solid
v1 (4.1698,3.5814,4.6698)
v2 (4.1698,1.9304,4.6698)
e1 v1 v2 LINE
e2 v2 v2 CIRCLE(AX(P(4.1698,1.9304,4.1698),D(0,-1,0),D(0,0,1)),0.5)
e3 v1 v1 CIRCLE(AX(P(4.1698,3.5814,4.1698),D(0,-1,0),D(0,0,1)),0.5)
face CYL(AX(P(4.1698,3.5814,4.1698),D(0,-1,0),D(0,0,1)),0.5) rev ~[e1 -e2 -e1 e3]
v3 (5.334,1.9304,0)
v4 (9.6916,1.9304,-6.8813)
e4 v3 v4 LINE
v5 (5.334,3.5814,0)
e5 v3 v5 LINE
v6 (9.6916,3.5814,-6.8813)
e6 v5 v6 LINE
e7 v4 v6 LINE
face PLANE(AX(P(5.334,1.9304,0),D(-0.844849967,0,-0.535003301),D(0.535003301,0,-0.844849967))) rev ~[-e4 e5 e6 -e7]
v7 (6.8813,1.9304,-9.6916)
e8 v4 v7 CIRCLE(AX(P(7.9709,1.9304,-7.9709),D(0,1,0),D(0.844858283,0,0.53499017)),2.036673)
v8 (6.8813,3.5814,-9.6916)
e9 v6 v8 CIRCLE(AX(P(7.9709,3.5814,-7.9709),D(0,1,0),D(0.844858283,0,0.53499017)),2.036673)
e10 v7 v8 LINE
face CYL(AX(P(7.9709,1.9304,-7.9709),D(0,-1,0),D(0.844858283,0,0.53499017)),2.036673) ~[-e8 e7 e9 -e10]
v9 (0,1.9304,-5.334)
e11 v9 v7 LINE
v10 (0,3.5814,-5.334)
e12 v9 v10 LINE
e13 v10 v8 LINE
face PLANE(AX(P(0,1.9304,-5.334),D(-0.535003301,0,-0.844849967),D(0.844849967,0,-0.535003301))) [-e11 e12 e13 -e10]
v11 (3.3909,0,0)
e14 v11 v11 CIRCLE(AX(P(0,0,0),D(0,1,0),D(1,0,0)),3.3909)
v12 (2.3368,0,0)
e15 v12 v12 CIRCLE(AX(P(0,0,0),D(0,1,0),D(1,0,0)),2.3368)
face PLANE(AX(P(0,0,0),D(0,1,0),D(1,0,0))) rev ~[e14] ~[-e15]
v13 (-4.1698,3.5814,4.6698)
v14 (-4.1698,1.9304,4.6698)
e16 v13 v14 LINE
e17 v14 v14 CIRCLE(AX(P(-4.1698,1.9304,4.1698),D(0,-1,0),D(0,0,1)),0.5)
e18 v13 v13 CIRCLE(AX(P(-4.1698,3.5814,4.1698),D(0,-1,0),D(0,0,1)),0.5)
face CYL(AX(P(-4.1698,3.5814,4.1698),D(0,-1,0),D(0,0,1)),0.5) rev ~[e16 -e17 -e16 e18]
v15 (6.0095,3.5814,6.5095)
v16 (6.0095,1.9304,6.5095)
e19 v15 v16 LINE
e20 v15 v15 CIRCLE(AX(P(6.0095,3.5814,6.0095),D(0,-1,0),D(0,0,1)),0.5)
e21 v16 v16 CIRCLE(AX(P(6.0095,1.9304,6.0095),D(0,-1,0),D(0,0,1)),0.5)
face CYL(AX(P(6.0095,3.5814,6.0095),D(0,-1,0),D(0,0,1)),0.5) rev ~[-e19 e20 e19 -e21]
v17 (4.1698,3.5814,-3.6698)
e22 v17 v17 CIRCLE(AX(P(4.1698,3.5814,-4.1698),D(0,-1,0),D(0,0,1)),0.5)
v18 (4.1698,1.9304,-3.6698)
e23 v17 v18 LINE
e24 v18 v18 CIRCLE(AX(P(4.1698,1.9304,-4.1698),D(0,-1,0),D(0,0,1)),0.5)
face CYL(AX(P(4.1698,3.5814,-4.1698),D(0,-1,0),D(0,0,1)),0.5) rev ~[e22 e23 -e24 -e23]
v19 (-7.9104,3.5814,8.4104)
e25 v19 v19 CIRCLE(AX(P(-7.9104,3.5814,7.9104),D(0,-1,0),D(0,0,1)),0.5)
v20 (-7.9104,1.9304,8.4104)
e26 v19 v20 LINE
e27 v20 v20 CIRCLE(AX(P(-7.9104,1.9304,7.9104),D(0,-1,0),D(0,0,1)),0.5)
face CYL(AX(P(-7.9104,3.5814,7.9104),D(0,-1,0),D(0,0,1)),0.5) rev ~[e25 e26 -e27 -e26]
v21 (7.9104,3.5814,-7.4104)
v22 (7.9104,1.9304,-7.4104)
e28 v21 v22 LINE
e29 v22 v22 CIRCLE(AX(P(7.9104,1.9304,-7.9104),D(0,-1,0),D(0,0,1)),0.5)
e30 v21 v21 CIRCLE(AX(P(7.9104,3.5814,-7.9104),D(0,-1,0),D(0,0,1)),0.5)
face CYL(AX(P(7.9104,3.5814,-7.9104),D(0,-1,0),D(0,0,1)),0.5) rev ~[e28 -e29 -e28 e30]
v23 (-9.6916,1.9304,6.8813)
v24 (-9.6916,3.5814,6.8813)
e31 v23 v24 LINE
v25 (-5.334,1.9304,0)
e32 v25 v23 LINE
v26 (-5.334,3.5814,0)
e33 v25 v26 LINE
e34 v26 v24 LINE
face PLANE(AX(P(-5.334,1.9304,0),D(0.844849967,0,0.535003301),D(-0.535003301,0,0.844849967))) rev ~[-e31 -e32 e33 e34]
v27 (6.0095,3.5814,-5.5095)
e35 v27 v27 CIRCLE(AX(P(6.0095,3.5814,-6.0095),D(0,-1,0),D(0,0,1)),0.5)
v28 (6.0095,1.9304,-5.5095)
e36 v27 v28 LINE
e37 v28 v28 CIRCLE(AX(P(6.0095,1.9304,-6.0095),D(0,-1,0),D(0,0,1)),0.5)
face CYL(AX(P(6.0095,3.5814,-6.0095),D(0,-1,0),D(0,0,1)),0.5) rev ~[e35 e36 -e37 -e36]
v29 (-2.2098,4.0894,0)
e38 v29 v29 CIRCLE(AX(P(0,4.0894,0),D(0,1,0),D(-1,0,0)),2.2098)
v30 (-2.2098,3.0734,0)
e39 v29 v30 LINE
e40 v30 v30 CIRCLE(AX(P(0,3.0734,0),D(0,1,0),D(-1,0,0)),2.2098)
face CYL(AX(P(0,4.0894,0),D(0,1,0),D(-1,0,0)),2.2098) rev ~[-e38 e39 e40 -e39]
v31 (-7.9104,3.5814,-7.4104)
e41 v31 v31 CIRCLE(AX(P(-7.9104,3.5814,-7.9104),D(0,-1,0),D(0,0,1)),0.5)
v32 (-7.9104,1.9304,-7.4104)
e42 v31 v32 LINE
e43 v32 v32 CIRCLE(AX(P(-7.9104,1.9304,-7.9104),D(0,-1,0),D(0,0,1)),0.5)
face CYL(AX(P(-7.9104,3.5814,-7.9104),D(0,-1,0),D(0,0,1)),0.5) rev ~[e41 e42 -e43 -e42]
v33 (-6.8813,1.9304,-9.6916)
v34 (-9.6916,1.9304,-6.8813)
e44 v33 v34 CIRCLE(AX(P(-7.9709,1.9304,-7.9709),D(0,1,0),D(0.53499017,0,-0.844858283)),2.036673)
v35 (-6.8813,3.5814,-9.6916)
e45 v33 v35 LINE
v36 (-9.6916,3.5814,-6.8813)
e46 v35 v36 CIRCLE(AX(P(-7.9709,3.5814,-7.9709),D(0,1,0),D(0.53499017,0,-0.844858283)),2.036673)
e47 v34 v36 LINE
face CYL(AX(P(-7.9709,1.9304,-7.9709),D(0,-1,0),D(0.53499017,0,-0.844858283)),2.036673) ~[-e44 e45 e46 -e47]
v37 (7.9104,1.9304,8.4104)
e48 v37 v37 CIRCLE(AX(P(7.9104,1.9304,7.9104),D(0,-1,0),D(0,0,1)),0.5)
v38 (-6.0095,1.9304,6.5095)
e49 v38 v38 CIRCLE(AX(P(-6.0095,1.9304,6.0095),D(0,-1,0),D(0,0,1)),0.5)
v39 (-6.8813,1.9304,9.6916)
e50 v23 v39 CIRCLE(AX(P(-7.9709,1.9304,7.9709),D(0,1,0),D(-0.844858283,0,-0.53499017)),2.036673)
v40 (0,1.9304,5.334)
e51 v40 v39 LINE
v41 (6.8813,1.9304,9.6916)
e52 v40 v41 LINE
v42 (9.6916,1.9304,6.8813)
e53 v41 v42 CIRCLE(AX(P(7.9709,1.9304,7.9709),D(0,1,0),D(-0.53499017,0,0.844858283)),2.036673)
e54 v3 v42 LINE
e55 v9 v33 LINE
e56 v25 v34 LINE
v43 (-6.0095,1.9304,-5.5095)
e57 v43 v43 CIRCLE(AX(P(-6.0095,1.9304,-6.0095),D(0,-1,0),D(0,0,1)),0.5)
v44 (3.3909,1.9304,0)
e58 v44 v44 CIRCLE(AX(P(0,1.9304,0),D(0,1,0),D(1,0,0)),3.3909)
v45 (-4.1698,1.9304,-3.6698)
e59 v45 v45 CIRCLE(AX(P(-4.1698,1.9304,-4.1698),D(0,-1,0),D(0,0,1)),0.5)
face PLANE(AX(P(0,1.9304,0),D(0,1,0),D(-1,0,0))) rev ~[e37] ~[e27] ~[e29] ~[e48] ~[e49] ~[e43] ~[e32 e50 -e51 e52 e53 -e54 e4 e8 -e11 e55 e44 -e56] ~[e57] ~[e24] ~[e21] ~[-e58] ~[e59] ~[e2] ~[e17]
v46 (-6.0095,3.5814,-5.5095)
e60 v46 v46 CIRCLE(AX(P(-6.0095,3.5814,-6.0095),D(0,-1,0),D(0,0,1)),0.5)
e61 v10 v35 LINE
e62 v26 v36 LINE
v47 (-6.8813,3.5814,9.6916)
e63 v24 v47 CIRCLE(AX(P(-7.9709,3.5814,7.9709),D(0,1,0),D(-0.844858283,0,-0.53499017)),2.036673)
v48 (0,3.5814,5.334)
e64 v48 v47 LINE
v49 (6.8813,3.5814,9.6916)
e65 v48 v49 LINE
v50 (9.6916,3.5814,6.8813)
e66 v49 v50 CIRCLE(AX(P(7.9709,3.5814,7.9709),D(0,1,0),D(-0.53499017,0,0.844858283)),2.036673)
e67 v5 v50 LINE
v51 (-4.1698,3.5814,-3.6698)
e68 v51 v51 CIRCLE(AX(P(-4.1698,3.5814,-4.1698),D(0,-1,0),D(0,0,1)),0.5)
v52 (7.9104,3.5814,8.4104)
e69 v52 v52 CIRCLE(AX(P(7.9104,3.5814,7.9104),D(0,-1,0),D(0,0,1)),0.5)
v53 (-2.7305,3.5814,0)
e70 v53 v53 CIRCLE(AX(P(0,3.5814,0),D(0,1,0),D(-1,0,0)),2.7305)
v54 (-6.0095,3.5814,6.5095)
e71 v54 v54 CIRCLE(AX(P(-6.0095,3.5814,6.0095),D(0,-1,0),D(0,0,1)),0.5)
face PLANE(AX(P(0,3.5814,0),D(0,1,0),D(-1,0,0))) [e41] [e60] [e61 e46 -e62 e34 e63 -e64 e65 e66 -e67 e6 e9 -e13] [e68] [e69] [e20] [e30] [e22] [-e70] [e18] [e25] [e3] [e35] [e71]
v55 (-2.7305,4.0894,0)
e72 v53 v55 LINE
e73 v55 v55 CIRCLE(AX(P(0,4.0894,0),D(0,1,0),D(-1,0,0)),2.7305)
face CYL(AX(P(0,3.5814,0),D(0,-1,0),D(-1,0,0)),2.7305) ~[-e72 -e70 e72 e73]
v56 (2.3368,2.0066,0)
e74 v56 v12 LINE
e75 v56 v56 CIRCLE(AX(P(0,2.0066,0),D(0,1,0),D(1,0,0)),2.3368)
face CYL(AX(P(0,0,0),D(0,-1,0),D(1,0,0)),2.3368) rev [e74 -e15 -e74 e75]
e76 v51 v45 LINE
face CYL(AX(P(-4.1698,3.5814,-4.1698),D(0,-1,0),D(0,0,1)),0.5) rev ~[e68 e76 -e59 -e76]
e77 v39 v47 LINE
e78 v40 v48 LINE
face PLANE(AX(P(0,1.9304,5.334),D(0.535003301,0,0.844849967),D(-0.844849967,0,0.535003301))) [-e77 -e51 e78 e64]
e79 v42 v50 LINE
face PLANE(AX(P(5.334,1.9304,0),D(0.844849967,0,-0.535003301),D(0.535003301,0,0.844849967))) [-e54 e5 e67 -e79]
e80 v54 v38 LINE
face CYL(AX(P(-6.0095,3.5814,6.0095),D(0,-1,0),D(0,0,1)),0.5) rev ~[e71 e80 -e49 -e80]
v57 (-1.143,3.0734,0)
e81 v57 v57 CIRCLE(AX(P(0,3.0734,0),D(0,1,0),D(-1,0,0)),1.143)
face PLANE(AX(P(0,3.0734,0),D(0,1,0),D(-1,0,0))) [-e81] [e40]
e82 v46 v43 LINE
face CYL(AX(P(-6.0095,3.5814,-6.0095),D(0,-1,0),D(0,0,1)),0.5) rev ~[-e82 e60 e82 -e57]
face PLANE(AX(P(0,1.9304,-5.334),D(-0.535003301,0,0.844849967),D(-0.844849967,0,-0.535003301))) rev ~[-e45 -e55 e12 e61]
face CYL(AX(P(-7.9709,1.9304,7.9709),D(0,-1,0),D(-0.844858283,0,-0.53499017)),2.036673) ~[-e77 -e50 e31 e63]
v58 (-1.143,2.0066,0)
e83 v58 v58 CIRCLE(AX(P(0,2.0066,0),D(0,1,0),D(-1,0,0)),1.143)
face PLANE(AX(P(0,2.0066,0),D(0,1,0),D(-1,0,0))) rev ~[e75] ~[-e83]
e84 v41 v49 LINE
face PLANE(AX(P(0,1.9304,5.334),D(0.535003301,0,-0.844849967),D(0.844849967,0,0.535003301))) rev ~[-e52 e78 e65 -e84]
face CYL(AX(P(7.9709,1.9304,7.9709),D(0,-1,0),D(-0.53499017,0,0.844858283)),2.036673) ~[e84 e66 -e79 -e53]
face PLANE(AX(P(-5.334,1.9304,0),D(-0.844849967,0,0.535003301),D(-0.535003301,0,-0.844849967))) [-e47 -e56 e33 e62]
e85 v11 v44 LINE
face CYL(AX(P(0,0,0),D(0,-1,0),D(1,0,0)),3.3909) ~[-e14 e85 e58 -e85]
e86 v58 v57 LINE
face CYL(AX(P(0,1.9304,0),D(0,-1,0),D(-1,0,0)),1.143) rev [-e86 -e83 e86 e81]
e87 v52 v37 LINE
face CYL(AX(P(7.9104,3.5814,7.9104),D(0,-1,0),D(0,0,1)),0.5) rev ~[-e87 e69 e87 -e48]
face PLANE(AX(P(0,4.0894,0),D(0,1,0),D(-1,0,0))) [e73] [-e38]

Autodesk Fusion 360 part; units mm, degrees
sketch "Sketch1" plane through (0, 0, 0) normal (0, 1, 0) x (1, 0, 0)
  circle A0 centre (0, 0) radius 3.3909
  circle A1 centre (0, 0) radius 2.3368
  dimension "d1" = 6.7818
  dimension "d2" = 4.6736
extrude "Extrude1" add sketch "Sketch1" along normal blind 1.9304
sketch "Sketch2" plane through (0, 1.9304, 0) normal (0, 1, 0) x (-1, 0, 0)
  circle A0 centre (0, 0) radius 2.3368
  circle A1 centre (0, 0) radius 3.3909
  line L0 (-10.0076, 10.0076) -> (10.0076, 10.0076) construction
  line L1 (10.0076, 10.0076) -> (10.0076, -10.0076) construction
  line L2 (10.0076, -10.0076) -> (-10.0076, -10.0076) construction
  line L3 (-10.0076, -10.0076) -> (-10.0076, 10.0076) construction
  line L4 (-10.0076, 10.0076) -> (10.0076, -10.0076) construction
  line L5 (10.0076, 10.0076) -> (-10.0076, -10.0076) construction
  circle A2 centre (7.9709, -7.9709) radius 2.0367 construction
  circle A3 centre (-7.9709, -7.9709) radius 2.0367 construction
  circle A4 centre (-7.9709, 7.9709) radius 2.0367 construction
  circle A5 centre (7.9709, 7.9709) radius 2.0367 construction
  circle A6 centre (0, 0) radius 5.334 construction
  circle A7 centre (7.9709, -7.9709) radius 0.5
  circle A8 centre (-7.9709, -7.9709) radius 0.5
  circle A9 centre (7.9709, 7.9709) radius 0.5
  circle A10 centre (-7.9709, 7.9709) radius 0.5
  line L6 (8.4709, -7.9709) -> (-8.4709, -7.9709) construction
  line L7 (0, -5.334) -> (0, 5.334) construction
  line L8 (5.334, 0) -> (-5.334, 0) construction
  line L9 (9.4111, -6.5307) -> (6.5307, -9.4111) construction
  line L10 (-6.5307, -9.4111) -> (-9.4111, -6.5307) construction
  line L11 (-9.4111, 6.5307) -> (-6.5307, 9.4111) construction
  line L12 (9.4111, 6.5307) -> (6.5307, 9.4111) construction
  line L13 (5.334, 0) -> (9.6916, -6.8813)
  line L14 (5.334, 0) -> (9.6916, 6.8813)
  line L15 (0, 5.334) -> (6.8813, 9.6916)
  line L16 (0, 5.334) -> (-6.8813, 9.6916)
  line L17 (-5.334, 0) -> (-9.6916, 6.8813)
  line L18 (-5.334, 0) -> (-9.6916, -6.8813)
  line L19 (0, -5.334) -> (-6.8813, -9.6916)
  line L20 (0, -5.334) -> (6.8813, -9.6916)
  arc A11 (6.8813, -9.6916) -> (9.6916, -6.8813) centre (7.9709, -7.9709) ccw
  arc A12 (-9.6916, -6.8813) -> (-6.8813, -9.6916) centre (-7.9709, -7.9709) ccw
  arc A13 (-6.8813, 9.6916) -> (-9.6916, 6.8813) centre (-7.9709, 7.9709) ccw
  arc A14 (9.6916, 6.8813) -> (6.8813, 9.6916) centre (7.9709, 7.9709) ccw
  circle A15 centre (0, 0) radius 1.143
  dimension "d5" = 20.0152
  dimension "d6" = 20.0152
  dimension "d7" = 10.668
  dimension "d8" = 1
  dimension "d9" = 16.9418
  dimension "d10" = 2.286
extrude "Extrude2" add sketch "Sketch2" along normal blind 1.651 contours A0 | A1 | A7 | A8 | A9 | A10 | L13 L14 L15 L16 L17 L18 L19 L20 A11 A12 A13 A14
sketch "Sketch3" plane through (0, 3.5814, 0) normal (0, 1, 0) x (-1, 0, 0)
  circle A0 centre (0, 0) radius 1.143
  line L0 (5.334, 0) -> (9.6916, 6.8813)
  arc A1 (9.6916, 6.8813) -> (6.8813, 9.6916) centre (7.9709, 7.9709) ccw
  line L1 (6.8813, 9.6916) -> (0, 5.334)
  line L2 (0, 5.334) -> (-6.8813, 9.6916)
  arc A2 (-6.8813, 9.6916) -> (-9.6916, 6.8813) centre (-7.9709, 7.9709) ccw
  line L3 (-9.6916, 6.8813) -> (-5.334, 0)
  line L4 (-5.334, 0) -> (-9.6916, -6.8813)
  arc A3 (-9.6916, -6.8813) -> (-6.8813, -9.6916) centre (-7.9709, -7.9709) ccw
  line L5 (-6.8813, -9.6916) -> (0, -5.334)
  line L6 (0, -5.334) -> (6.8813, -9.6916)
  arc A4 (6.8813, -9.6916) -> (9.6916, -6.8813) centre (7.9709, -7.9709) ccw
  line L7 (9.6916, -6.8813) -> (5.334, 0)
  line L8 (-10.0076, 10.0076) -> (10.0076, 10.0076) construction
  line L9 (10.0076, 10.0076) -> (10.0076, -10.0076) construction
  line L10 (10.0076, -10.0076) -> (-10.0076, -10.0076) construction
  line L11 (-10.0076, -10.0076) -> (-10.0076, 10.0076) construction
  line L12 (-10.0076, 10.0076) -> (10.0076, -10.0076) construction
  line L13 (10.0076, 10.0076) -> (-10.0076, -10.0076) construction
  line L14 (8.2888, -8.2888) -> (-8.2888, 8.2888) construction
  line L15 (-8.2888, -8.2888) -> (8.2888, 8.2888) construction
  line L16 (-8.4455, 8.4455) -> (8.4455, 8.4455) construction
  line L17 (8.4455, 8.4455) -> (8.4455, -8.4455) construction
  line L18 (8.4455, -8.4455) -> (-8.4455, -8.4455) construction
  line L19 (-8.4455, -8.4455) -> (-8.4455, 8.4455) construction
  line L20 (-8.4455, 8.4455) -> (8.4455, -8.4455) construction
  line L21 (8.4455, 8.4455) -> (-8.4455, -8.4455) construction
  circle A5 centre (7.9104, -7.9104) radius 0.5351
  circle A6 centre (-7.9104, -7.9104) radius 0.5351
  circle A7 centre (-7.9104, 7.9104) radius 0.5351
  circle A8 centre (7.9104, 7.9104) radius 0.5351
  line L22 (-6.376, 6.376) -> (6.376, 6.376) construction
  line L23 (6.376, 6.376) -> (6.376, -6.376) construction
  line L24 (6.376, -6.376) -> (-6.376, -6.376) construction
  line L25 (-6.376, -6.376) -> (-6.376, 6.376) construction
  line L26 (-6.376, 6.376) -> (6.376, -6.376) construction
  line L27 (6.376, 6.376) -> (-6.376, -6.376) construction
  line L28 (-6.5278, 6.5278) -> (6.5278, 6.5278) construction
  line L29 (6.5278, 6.5278) -> (6.5278, -6.5278) construction
  line L30 (6.5278, -6.5278) -> (-6.5278, -6.5278) construction
  line L31 (-6.5278, -6.5278) -> (-6.5278, 6.5278) construction
  line L32 (-6.5278, 6.5278) -> (6.5278, -6.5278) construction
  line L33 (6.5278, 6.5278) -> (-6.5278, -6.5278) construction
  circle A9 centre (6.0095, -6.0095) radius 0.5183
  circle A10 centre (-6.0095, -6.0095) radius 0.5183
  circle A11 centre (-6.0095, 6.0095) radius 0.5183
  circle A12 centre (6.0095, 6.0095) radius 0.5183
  line L34 (-4.826, -4.826) -> (4.826, -4.826) construction
  line L35 (4.826, -4.826) -> (4.826, 4.826) construction
  line L36 (4.826, 4.826) -> (-4.826, 4.826) construction
  line L37 (-4.826, 4.826) -> (-4.826, -4.826) construction
  line L38 (-4.826, -4.826) -> (4.826, 4.826) construction
  line L39 (4.826, -4.826) -> (-4.826, 4.826) construction
  line L40 (-4.6338, -4.6338) -> (4.6338, -4.6338) construction
  line L41 (4.6338, -4.6338) -> (4.6338, 4.6338) construction
  line L42 (4.6338, 4.6338) -> (-4.6338, 4.6338) construction
  line L43 (-4.6338, 4.6338) -> (-4.6338, -4.6338) construction
  line L44 (-4.6338, -4.6338) -> (4.6338, 4.6338) construction
  line L45 (4.6338, -4.6338) -> (-4.6338, 4.6338) construction
  circle A13 centre (4.1698, -4.1698) radius 0.6562
  circle A14 centre (-4.1698, -4.1698) radius 0.6562
  circle A15 centre (-4.1698, 4.1698) radius 0.6562
  circle A16 centre (4.1698, 4.1698) radius 0.6562
  dimension "d13" = 23.4442
  dimension "d14" = 16.891
  dimension "d15" = 16.891
  dimension "d16" = 18.034
  dimension "d17" = 13.0556
  dimension "d18" = 13.1064
  dimension "d19" = 9.652
hole "Hole1" at (-7.9104, 3.5814, -7.9104) at (-6.0095, 3.5814, -6.0095) at (-4.1698, 3.5814, -4.1698) at (-7.9104, 3.5814, 7.9104) at (-6.0095, 3.5814, 6.0095) at (-4.1698, 3.5814, 4.1698) at (7.9104, 3.5814, 7.9104) at (6.0095, 3.5814, 6.0095) at (4.1698, 3.5814, 4.1698) at (7.9104, 3.5814, -7.9104) at (6.0095, 3.5814, -6.0095) at (4.1698, 3.5814, -4.1698) direction (0, -1, 0) diameter 1 end through all
sketch "Sketch4" plane through (0, 3.5814, 0) normal (0, 1, 0) x (-1, 0, 0)
  circle A0 centre (-6.0095, -6.0095) radius 0.5
  circle A1 centre (-4.1698, 4.1698) radius 0.5
  circle A2 centre (-7.9104, 7.9104) radius 0.5
  circle A3 centre (6.0095, 6.0095) radius 0.5
  circle A4 centre (4.1698, -4.1698) radius 0.5
  circle A5 centre (7.9104, -7.9104) radius 0.5
  circle A6 centre (6.0095, -6.0095) radius 0.5
  circle A7 centre (7.9104, 7.9104) radius 0.5
  circle A8 centre (4.1698, 4.1698) radius 0.5
  circle A9 centre (-6.0095, 6.0095) radius 0.5
  circle A10 centre (-7.9104, -7.9104) radius 0.5
  circle A11 centre (-4.1698, -4.1698) radius 0.5
  circle A12 centre (0, 0) radius 1.143
  line L0 (5.334, 0) -> (9.6916, 6.8813)
  arc A13 (9.6916, 6.8813) -> (6.8813, 9.6916) centre (7.9709, 7.9709) ccw
  line L1 (6.8813, 9.6916) -> (0, 5.334)
  line L2 (0, 5.334) -> (-6.8813, 9.6916)
  arc A14 (-6.8813, 9.6916) -> (-9.6916, 6.8813) centre (-7.9709, 7.9709) ccw
  line L3 (-9.6916, 6.8813) -> (-5.334, 0)
  line L4 (-5.334, 0) -> (-9.6916, -6.8813)
  arc A15 (-9.6916, -6.8813) -> (-6.8813, -9.6916) centre (-7.9709, -7.9709) ccw
  line L5 (-6.8813, -9.6916) -> (0, -5.334)
  line L6 (0, -5.334) -> (6.8813, -9.6916)
  arc A16 (6.8813, -9.6916) -> (9.6916, -6.8813) centre (7.9709, -7.9709) ccw
  line L7 (9.6916, -6.8813) -> (5.334, 0)
  circle A17 centre (0, 0) radius 2.7305
  circle A18 centre (0, 0) radius 2.2098
  dimension "d22" = 5.461
  dimension "d23" = 4.4196
extrude "Extrude3" add sketch "Sketch4" along normal blind 0.508 contours A17
extrude "Extrude4" cut 1 faces at (-1.8417, 3.5814, -0.1666) along direction (0, -1, 0) blind 1.016 from surface at -0.508
extrude "Extrude5" cut 1 faces at (1.9259, 1.9304, 0.1729) along direction (0, 1, 0) blind 2.0066 from surface at -1.9304
